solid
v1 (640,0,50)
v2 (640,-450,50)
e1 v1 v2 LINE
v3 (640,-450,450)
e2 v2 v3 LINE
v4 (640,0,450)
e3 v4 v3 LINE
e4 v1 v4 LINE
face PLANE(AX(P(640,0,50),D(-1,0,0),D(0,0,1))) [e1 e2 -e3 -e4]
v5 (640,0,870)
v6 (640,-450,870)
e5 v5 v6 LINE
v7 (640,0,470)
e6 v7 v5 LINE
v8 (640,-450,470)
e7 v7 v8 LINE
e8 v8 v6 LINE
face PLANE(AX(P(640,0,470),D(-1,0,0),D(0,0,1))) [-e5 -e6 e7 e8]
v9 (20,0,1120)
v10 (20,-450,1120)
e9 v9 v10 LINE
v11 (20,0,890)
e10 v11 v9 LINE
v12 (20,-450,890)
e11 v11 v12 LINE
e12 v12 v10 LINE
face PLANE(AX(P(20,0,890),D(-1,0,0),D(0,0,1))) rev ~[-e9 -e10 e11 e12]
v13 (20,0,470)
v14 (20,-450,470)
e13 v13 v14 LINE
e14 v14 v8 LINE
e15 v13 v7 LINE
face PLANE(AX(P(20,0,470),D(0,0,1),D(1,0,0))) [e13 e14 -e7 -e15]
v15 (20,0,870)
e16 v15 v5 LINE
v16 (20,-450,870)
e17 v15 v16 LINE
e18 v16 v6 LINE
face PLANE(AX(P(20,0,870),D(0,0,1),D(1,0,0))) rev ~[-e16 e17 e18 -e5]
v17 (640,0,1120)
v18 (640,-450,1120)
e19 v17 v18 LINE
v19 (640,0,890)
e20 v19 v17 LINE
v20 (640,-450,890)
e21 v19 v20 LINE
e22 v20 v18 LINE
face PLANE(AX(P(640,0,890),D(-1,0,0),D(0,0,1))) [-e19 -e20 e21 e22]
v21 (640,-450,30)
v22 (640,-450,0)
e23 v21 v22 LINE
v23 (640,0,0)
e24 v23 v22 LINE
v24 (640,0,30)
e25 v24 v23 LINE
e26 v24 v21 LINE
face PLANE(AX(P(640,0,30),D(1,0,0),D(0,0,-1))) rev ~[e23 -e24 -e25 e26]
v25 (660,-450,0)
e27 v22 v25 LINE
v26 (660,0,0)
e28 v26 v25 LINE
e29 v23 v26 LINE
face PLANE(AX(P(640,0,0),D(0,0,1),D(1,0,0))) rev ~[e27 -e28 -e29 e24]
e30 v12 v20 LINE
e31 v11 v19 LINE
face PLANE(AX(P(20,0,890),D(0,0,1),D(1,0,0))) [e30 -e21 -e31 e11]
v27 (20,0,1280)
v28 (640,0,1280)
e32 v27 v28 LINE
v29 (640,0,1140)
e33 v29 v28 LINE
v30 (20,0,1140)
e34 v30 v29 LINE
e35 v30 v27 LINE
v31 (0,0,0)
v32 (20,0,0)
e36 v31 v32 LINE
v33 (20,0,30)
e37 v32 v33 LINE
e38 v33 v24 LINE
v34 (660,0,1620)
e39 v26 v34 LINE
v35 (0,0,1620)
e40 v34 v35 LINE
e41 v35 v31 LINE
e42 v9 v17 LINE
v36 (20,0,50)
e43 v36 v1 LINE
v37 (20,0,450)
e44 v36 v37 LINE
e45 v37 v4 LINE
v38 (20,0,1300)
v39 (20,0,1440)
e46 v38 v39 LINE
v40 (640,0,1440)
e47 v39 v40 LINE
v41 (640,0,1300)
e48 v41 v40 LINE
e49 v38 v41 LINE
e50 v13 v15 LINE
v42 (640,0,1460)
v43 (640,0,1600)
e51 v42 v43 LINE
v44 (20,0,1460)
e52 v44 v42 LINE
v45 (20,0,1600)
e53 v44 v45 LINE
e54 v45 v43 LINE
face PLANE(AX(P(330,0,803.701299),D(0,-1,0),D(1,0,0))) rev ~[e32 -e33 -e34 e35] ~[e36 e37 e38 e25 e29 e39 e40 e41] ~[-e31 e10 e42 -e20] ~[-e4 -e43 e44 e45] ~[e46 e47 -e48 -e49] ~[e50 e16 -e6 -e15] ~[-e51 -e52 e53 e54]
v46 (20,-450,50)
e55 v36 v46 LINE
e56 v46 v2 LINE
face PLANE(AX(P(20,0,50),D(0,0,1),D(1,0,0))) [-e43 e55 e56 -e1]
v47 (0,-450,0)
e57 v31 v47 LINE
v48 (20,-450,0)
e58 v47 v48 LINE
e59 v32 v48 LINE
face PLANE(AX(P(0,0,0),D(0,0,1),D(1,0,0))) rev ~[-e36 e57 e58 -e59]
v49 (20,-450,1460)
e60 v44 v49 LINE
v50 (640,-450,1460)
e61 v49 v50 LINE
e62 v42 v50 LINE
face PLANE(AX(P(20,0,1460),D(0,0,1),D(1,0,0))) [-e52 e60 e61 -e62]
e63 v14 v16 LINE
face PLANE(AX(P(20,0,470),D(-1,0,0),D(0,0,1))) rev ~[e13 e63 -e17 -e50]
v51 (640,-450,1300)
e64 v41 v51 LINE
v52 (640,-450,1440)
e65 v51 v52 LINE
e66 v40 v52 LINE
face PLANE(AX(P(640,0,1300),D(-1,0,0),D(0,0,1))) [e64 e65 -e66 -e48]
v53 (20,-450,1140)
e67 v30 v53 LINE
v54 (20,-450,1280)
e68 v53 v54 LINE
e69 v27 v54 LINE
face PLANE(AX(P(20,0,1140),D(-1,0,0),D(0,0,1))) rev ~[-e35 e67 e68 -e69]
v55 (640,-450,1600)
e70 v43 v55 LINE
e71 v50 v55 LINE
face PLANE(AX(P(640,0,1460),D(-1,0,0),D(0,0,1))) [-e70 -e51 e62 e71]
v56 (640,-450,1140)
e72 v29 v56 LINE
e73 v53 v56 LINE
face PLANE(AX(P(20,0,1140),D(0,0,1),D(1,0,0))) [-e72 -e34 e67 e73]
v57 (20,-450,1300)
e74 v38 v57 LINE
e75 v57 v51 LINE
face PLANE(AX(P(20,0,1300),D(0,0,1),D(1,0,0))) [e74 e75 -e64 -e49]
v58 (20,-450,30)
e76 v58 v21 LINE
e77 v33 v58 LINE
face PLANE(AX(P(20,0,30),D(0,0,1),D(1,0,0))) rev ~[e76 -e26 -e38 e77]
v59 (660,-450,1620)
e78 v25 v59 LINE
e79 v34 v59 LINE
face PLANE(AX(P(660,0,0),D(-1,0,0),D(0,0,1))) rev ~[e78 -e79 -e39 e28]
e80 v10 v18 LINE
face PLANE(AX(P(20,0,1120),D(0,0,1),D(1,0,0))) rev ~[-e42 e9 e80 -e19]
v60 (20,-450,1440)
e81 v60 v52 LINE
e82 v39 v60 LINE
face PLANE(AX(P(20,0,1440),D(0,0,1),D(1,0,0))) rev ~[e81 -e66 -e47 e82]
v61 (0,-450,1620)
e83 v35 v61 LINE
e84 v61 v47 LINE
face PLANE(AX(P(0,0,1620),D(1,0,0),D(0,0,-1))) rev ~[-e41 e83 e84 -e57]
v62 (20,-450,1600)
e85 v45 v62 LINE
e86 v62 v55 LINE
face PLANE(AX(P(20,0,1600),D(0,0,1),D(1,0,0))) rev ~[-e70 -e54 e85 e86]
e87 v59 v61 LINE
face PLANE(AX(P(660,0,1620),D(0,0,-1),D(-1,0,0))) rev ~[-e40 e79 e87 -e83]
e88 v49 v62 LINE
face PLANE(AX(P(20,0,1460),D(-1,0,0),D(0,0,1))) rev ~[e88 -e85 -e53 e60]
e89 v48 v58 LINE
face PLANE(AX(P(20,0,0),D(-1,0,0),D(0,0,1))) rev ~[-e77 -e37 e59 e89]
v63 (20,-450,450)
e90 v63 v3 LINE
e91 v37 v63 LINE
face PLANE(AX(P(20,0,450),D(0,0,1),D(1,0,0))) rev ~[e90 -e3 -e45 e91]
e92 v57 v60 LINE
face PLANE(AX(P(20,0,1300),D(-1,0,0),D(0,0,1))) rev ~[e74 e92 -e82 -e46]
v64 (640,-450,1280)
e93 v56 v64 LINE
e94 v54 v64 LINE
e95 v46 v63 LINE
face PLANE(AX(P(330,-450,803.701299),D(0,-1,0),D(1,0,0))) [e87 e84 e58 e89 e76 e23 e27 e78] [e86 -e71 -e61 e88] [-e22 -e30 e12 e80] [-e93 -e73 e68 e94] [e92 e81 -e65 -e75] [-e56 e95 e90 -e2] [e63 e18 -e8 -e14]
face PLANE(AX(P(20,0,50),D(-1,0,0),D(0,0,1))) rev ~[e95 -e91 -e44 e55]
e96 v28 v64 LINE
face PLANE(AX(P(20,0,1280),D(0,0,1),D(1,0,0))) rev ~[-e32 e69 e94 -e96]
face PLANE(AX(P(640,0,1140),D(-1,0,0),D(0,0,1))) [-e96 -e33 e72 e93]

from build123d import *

# Parameters (mm, degrees)
F0_W     = 620
F0_H     = 400
F0_H_2   = 230
F0_H_3   = 140
F1_DEPTH = 450


with BuildPart() as f1:
    # F0 (on Front) → F1 (new body)
    with BuildSketch(Plane.XZ):
        Polygon((0, 1620), (0, 0), (20, 0), (20, 30), (640, 30), (640, 0), (660, 0), (660, 1620), align=None)
        with Locations((330, 250)):
            Rectangle(F0_W, F0_H, mode=Mode.SUBTRACT)
        with Locations((330, 670)):
            Rectangle(F0_W, F0_H, mode=Mode.SUBTRACT)
        with Locations((330, 1005)):
            Rectangle(F0_W, F0_H_2, mode=Mode.SUBTRACT)
        with Locations((330, 1210)):
            Rectangle(F0_W, F0_H_3, mode=Mode.SUBTRACT)
        with Locations((330, 1370)):
            Rectangle(F0_W, F0_H_3, mode=Mode.SUBTRACT)
        with Locations((330, 1530)):
            Rectangle(F0_W, F0_H_3, mode=Mode.SUBTRACT)
    extrude(amount=F1_DEPTH)


solid = f1.part
